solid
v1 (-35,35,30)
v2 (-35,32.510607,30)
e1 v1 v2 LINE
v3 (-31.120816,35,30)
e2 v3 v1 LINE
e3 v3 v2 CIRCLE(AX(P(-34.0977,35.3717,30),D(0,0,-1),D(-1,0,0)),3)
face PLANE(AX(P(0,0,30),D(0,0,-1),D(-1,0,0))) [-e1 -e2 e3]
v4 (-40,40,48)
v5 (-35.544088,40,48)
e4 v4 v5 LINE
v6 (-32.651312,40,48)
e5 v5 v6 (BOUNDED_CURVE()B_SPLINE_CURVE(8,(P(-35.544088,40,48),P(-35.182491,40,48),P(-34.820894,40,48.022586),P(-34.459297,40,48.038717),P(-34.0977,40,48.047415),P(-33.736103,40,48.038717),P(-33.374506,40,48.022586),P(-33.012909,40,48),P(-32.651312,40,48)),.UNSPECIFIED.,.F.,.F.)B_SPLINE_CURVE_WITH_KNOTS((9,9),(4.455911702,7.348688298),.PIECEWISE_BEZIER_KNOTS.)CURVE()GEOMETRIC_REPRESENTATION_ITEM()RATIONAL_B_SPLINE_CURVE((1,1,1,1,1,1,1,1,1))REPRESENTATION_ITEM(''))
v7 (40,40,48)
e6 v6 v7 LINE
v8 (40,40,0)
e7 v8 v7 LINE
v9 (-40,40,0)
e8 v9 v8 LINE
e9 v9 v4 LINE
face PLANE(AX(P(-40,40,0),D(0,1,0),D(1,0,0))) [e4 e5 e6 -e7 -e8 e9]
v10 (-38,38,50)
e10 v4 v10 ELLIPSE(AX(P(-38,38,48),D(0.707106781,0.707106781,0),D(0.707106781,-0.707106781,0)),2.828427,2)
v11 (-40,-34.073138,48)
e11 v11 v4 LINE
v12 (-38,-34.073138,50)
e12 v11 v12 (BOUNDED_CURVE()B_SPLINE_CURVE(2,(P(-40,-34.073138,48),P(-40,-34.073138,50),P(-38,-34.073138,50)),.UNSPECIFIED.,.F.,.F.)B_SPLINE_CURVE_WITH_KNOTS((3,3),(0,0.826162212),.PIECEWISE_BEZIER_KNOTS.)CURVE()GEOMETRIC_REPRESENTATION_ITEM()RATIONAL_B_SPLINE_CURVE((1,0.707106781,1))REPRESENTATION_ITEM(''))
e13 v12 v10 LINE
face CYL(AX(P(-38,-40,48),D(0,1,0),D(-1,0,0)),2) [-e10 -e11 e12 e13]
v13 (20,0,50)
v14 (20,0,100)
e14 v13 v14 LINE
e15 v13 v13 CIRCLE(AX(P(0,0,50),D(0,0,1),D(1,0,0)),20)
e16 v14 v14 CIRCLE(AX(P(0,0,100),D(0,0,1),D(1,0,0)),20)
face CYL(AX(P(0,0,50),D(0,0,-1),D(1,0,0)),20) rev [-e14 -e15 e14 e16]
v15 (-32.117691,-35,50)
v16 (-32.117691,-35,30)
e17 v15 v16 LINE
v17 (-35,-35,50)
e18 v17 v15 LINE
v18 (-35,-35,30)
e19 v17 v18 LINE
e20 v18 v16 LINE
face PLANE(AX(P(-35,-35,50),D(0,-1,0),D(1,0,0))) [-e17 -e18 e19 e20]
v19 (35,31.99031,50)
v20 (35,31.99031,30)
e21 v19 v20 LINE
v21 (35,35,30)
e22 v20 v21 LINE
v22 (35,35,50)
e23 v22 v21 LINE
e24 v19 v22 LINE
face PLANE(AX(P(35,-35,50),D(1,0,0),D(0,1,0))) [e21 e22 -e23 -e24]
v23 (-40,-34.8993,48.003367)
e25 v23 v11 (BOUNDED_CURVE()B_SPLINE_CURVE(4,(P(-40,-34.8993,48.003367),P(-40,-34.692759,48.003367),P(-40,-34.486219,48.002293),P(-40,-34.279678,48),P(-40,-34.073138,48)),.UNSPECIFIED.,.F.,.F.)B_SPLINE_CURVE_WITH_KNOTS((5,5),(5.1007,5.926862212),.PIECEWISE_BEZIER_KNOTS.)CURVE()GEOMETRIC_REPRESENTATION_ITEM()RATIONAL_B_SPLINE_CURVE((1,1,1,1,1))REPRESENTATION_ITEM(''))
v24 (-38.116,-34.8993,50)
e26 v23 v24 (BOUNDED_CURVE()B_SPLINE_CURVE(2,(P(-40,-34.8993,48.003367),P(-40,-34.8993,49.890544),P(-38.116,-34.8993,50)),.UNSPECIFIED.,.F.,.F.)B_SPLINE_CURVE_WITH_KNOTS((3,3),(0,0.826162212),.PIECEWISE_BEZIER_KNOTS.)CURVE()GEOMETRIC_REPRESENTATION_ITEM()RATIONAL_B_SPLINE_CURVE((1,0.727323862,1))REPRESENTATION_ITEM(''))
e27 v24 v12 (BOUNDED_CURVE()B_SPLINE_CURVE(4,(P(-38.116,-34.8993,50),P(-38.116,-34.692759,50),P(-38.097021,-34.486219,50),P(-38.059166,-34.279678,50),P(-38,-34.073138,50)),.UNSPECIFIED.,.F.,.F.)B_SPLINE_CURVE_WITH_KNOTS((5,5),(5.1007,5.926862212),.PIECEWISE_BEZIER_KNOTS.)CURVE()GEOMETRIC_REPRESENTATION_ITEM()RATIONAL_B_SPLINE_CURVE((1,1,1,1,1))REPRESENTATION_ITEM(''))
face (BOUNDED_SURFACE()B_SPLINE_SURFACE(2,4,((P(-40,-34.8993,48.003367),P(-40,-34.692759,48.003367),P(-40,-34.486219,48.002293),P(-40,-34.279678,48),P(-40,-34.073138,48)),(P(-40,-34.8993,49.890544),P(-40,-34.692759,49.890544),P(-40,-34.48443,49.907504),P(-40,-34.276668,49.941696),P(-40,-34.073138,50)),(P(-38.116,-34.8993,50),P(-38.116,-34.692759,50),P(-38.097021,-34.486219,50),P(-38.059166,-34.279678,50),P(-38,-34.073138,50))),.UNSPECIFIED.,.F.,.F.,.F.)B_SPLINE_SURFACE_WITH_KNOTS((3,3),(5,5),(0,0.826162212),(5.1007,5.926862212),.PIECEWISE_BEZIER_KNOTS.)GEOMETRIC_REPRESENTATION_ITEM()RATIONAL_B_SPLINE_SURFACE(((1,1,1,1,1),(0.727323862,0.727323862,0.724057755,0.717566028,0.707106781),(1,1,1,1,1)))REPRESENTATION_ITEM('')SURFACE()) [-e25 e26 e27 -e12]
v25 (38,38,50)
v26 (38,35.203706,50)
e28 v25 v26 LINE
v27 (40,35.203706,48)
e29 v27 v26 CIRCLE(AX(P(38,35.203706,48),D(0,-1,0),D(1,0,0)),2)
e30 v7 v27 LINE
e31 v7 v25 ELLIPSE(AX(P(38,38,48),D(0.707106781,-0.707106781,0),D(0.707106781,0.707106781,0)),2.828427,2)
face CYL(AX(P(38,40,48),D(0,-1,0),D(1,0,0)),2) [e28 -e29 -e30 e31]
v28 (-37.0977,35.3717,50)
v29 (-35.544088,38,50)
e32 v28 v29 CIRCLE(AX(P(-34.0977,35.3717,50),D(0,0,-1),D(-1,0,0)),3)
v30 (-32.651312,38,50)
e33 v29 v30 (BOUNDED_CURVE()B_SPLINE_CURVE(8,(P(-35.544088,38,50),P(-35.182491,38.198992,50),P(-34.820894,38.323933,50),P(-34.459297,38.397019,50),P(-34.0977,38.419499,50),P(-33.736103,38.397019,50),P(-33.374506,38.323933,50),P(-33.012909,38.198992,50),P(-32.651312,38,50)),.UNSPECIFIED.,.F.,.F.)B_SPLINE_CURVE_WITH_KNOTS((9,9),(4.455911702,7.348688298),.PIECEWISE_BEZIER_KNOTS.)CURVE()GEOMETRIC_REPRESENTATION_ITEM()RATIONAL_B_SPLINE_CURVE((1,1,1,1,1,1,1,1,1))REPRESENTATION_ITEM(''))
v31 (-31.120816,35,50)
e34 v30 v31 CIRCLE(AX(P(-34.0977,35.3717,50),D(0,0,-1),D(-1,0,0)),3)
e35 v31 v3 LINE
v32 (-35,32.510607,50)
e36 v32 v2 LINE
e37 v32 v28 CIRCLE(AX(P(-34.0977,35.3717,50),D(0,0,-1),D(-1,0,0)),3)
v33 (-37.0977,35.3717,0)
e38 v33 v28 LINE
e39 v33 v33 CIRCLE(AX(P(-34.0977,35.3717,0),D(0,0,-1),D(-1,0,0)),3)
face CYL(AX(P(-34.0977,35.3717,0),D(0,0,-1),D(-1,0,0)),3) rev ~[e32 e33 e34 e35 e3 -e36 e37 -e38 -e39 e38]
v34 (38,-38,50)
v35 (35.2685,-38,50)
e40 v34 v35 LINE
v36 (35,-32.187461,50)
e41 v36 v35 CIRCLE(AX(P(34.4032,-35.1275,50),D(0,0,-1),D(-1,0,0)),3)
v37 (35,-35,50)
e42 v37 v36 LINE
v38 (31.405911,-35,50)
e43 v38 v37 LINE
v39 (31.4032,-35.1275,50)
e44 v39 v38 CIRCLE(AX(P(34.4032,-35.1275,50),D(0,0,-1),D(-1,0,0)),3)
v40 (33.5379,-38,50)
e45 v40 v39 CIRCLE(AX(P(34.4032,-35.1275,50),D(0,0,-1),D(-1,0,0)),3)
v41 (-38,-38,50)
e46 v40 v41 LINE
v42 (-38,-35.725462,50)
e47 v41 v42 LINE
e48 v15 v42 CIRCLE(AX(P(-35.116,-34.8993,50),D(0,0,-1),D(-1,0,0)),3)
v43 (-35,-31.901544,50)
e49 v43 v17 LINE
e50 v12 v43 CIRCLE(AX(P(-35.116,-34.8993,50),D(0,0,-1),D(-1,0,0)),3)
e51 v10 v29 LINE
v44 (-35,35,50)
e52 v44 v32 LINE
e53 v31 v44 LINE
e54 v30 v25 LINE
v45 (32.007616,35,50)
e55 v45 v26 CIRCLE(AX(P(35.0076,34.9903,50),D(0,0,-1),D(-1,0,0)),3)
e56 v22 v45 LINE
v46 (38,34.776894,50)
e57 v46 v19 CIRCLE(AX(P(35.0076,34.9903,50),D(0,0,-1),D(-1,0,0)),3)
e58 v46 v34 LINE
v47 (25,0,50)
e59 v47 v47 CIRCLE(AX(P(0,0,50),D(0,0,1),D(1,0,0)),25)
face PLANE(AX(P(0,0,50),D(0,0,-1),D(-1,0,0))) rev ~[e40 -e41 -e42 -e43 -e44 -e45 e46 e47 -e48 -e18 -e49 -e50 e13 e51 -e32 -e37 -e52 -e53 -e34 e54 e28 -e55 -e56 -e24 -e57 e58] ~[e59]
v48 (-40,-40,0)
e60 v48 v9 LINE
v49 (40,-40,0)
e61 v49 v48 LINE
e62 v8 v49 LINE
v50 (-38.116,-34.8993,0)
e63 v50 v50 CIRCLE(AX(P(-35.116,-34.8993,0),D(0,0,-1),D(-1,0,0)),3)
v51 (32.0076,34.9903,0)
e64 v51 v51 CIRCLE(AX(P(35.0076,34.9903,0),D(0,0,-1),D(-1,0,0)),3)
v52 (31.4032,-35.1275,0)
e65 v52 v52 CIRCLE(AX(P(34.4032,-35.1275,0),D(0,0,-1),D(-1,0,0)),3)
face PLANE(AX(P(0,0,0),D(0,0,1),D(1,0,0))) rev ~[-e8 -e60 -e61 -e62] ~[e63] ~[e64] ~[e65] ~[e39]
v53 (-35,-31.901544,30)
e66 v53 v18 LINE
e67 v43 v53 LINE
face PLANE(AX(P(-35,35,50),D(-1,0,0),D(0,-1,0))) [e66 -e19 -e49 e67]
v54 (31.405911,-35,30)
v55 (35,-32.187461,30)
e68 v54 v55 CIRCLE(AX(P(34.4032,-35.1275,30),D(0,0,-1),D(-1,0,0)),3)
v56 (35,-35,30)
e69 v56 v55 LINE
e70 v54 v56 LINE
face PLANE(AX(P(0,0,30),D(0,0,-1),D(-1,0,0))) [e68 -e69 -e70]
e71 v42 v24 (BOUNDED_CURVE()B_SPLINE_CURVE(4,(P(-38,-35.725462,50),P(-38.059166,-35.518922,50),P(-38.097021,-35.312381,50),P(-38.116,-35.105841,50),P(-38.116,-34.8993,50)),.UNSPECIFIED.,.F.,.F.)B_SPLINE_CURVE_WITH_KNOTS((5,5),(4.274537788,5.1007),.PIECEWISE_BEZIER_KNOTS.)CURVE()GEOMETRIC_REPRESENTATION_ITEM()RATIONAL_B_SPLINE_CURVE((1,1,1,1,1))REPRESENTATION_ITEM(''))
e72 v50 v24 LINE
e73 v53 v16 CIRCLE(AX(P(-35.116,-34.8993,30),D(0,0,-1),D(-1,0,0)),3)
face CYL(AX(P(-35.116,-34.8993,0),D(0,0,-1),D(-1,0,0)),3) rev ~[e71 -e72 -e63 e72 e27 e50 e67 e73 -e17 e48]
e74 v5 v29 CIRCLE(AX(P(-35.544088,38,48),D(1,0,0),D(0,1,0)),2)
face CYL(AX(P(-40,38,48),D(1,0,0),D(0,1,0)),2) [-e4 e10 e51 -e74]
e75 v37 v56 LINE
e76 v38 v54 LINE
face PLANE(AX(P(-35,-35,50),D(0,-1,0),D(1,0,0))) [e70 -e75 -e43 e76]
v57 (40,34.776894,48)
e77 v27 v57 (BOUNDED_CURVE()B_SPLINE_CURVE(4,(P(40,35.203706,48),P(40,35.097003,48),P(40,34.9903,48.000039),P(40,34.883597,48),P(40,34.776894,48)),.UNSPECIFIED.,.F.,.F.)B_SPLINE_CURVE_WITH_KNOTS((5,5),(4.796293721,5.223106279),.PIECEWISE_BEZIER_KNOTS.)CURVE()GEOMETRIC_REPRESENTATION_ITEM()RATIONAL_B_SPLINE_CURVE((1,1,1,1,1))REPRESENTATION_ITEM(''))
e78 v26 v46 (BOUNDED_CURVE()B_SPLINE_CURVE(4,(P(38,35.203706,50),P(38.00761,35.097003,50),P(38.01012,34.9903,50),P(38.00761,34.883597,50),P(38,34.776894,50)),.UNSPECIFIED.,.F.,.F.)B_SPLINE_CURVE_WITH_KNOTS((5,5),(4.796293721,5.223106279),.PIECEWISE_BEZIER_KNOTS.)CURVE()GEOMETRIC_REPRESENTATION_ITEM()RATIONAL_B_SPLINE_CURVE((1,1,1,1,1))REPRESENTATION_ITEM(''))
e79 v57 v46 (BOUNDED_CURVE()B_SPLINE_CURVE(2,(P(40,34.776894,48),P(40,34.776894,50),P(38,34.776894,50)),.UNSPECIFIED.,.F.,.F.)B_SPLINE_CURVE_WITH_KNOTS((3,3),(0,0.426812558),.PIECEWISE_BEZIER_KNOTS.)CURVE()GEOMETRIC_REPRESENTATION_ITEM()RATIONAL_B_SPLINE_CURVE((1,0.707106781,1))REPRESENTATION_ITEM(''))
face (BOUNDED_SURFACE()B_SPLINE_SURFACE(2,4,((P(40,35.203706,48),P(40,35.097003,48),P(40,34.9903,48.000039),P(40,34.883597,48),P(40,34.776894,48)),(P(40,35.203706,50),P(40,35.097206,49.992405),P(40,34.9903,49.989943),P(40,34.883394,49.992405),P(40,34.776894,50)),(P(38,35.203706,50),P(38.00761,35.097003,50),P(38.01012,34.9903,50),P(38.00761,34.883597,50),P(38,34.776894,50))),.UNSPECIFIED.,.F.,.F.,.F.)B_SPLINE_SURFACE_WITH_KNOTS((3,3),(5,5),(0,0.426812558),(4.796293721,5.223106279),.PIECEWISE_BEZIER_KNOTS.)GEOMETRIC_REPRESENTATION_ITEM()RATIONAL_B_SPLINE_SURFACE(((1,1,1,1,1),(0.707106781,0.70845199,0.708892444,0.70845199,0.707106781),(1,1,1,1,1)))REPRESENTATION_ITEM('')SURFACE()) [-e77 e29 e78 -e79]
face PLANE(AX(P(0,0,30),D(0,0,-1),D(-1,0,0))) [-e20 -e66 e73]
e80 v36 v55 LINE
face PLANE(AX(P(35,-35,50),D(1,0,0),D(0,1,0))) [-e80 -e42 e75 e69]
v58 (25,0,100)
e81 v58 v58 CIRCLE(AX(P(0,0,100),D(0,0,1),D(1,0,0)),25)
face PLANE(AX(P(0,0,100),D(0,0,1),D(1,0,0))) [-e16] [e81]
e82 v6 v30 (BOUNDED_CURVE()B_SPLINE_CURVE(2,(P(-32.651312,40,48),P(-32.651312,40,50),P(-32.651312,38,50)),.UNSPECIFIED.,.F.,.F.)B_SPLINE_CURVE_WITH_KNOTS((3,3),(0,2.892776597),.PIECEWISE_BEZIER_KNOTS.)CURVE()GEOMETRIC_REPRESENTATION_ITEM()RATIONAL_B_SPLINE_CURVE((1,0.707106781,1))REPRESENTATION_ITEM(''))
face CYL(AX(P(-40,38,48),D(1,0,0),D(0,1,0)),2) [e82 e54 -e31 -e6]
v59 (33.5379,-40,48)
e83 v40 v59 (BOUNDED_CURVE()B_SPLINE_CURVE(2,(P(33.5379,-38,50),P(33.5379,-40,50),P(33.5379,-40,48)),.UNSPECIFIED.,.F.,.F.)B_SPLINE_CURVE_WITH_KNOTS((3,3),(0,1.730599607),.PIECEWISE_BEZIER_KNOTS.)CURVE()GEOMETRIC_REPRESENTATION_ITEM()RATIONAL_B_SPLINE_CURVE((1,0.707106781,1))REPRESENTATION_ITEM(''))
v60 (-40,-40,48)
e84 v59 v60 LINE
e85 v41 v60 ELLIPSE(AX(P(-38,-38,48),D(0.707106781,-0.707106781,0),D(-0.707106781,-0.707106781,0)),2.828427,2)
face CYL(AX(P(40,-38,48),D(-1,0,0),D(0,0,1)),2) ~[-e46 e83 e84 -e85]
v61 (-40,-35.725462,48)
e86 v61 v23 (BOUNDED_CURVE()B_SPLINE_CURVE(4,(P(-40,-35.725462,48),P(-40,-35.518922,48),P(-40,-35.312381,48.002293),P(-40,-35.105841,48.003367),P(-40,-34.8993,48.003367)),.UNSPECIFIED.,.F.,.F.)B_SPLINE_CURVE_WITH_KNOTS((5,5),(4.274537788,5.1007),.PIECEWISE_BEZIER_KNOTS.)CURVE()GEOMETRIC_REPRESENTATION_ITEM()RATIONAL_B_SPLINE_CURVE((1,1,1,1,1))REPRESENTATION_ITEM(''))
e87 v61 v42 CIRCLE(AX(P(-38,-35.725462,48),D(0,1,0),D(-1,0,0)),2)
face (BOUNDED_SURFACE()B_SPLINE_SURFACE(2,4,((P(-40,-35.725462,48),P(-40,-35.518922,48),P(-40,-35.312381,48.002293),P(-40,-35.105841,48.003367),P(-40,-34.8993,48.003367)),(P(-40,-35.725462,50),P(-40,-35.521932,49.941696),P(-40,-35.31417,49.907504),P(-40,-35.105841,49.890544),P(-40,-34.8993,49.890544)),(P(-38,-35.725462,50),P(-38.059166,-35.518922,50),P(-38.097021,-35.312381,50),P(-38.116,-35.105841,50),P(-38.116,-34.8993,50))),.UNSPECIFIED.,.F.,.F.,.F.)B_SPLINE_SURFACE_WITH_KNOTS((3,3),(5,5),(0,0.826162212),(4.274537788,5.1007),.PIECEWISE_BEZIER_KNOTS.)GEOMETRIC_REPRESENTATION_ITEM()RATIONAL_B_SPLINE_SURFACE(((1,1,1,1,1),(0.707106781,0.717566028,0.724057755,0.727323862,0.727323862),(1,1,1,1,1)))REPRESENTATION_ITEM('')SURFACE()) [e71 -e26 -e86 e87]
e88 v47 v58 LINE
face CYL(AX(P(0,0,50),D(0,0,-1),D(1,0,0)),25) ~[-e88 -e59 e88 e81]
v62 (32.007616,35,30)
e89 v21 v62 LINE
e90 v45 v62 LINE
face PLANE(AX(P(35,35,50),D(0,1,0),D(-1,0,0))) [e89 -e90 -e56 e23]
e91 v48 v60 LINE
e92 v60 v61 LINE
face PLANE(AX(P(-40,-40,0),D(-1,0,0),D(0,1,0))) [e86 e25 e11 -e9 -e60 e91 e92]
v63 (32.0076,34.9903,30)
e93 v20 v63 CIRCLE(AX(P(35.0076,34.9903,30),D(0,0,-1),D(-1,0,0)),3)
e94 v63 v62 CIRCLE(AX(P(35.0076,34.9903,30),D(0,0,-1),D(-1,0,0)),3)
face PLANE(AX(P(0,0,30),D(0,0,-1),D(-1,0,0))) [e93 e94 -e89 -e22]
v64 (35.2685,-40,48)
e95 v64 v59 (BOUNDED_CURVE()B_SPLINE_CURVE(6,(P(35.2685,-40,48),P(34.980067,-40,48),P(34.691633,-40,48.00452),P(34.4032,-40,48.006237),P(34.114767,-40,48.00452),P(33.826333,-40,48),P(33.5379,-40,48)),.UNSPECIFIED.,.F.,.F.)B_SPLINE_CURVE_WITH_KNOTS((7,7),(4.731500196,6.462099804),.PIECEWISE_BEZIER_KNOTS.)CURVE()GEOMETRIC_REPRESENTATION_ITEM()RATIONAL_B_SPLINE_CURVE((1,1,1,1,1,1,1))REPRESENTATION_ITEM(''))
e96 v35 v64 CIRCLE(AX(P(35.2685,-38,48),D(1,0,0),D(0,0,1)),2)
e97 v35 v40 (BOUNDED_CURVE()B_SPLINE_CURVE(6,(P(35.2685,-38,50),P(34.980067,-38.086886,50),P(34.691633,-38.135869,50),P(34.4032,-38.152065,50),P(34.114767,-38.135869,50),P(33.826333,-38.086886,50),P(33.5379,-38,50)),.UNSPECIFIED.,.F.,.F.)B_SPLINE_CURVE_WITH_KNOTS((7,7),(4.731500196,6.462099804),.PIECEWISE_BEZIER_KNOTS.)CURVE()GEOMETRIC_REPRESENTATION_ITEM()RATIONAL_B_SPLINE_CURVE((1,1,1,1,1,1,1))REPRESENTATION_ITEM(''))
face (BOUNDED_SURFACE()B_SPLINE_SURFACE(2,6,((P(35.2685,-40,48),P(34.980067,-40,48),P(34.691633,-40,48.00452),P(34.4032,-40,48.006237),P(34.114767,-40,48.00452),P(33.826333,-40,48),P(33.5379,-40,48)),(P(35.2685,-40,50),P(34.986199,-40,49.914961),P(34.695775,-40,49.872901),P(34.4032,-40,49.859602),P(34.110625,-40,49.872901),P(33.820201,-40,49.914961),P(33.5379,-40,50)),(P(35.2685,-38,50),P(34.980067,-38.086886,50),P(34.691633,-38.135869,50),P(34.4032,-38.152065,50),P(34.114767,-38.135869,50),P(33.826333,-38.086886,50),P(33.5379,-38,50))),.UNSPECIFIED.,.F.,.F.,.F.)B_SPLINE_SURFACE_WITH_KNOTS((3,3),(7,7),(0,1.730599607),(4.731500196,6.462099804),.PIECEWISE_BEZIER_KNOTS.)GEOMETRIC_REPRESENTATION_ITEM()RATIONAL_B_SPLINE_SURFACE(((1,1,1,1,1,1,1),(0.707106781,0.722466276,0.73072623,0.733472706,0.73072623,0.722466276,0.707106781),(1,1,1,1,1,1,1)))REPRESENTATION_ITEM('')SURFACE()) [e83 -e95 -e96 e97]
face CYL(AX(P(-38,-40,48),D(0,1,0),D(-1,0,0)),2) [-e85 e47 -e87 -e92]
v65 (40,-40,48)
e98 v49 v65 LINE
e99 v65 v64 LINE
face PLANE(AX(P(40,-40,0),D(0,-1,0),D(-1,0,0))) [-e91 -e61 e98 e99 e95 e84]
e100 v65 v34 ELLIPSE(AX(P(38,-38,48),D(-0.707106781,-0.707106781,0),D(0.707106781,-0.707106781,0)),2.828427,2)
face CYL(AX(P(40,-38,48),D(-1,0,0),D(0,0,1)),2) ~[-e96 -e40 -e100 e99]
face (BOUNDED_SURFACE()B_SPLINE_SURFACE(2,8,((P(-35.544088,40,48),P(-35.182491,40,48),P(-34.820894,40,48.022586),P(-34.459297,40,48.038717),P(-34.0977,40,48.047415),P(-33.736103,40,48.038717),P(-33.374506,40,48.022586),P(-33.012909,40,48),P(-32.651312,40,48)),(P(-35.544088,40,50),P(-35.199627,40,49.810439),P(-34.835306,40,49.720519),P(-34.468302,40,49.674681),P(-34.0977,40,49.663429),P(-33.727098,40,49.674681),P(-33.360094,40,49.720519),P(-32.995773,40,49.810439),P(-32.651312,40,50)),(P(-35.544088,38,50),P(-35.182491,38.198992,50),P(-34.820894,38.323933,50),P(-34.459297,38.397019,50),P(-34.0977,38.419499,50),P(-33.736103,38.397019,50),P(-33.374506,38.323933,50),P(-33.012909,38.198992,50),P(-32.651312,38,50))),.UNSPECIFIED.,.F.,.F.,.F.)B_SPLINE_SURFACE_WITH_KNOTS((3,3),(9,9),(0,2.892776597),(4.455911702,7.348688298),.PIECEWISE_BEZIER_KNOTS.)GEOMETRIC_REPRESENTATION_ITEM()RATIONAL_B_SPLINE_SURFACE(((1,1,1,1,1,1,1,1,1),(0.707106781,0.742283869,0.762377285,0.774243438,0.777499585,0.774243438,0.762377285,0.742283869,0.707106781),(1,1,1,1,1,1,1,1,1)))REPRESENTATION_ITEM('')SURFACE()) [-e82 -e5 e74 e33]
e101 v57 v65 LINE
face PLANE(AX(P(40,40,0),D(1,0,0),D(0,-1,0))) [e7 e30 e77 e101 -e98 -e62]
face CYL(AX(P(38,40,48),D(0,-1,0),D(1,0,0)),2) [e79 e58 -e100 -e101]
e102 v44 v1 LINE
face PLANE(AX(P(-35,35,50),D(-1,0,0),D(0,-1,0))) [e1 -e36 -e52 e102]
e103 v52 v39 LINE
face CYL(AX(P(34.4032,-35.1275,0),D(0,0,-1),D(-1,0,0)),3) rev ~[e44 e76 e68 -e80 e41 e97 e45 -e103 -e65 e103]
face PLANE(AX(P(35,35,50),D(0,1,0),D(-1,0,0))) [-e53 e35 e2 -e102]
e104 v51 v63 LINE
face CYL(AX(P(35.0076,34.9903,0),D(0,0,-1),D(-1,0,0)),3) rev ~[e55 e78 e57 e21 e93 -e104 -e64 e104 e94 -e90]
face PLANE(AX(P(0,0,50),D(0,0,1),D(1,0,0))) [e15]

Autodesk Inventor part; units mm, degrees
ref_plane "YZ Plane" through (0, 0, 0) normal (1, 0, 0) x (0, 1, 0)
ref_plane "XZ Plane" through (0, 0, 0) normal (0, 1, 0) x (-1, 0, 0)
ref_plane "XY Plane" through (0, 0, 0) normal (0, 0, 1) x (1, 0, 0)
sketch "Sketch1" plane through (0, 0, 0) normal (0, 0, 1) x (1, 0, 0)
  line L0 (-40, 40) -> (40, 40)
  line L1 (40, 40) -> (40, -40)
  line L2 (40, -40) -> (-40, -40)
  line L3 (-40, -40) -> (-40, 40)
  line L4 (-40, 40) -> (40, -40) construction
  line L5 (40, 40) -> (-40, -40) construction
  point P0 (0, 0)
  dimension "d0" = 80
  dimension "d1" = 80
extrude "Extrusion1" add sketch "Sketch1" along normal blind 50
sketch "Sketch2" plane through (0, 0, 50) normal (0, 0, 1) x (1, 0, 0)
  circle A0 centre (0, 0) radius 25
  circle A1 centre (0, 0) radius 20
  dimension "d4" = 50
  dimension "d5" = 5
extrude "Extrusion2" add sketch "Sketch2" along normal blind 50
sketch "Sketch3" plane through (0, 0, 0) normal (0, 0, -1) x (-1, 0, 0)
  line L0 (-35, 35) -> (35, 35)
  line L1 (35, 35) -> (35, -35)
  line L2 (35, -35) -> (-35, -35)
  line L3 (-35, -35) -> (-35, 35)
  line L4 (-35, 35) -> (35, -35) construction
  line L5 (35, 35) -> (-35, -35) construction
  point P0 (0, 0)
  dimension "d8" = 70
  dimension "d9" = 70
sketch "Sketch4" plane through (0, 0, 0) normal (0, 0, -1) x (-1, 0, 0)
  line L0 (-40, 40) -> (40, 40) projected
  circle A0 centre (-35.0076, 34.9903) radius 3
  circle A1 centre (-34.4032, -35.1275) radius 3
  circle A2 centre (35.116, -34.8993) radius 3
  circle A3 centre (34.0977, 35.3717) radius 3
  point P0 (0, 0)
  dimension "d10" = 6
  dimension "d11" = 6
  dimension "d12" = 6
  dimension "d13" = 6
extrude "Extrusion3" cut sketch "Sketch4" against normal blind 50
fillet "Fillet1" radius 2 4 edges at (0, 40, 50) (40, 0, 50) (0, -40, 50) (-40, 0, 50)
thread "Thread1" size "M6x1" class "6H" standard "ANSI Metric M Profile" full length
thread "Thread2" size "M6x1" class "6H" standard "ANSI Metric M Profile" full length
thread "Thread3" size "M6x1" class "6H" standard "ANSI Metric M Profile" full length
thread "Thread4" size "M6x1" class "6H" standard "ANSI Metric M Profile" full length
thread "Thread5" size "M40x3" class "6H" standard "ANSI Metric M Profile" full length
extrude "Extrusion4" add sketch "Sketch3" along normal blind 20 from surface at -50
sketch "Sketch5" plane through (0, 0, 50) normal (0, 0, 1) x (1, 0, 0)
  point P0 (0, 0)
